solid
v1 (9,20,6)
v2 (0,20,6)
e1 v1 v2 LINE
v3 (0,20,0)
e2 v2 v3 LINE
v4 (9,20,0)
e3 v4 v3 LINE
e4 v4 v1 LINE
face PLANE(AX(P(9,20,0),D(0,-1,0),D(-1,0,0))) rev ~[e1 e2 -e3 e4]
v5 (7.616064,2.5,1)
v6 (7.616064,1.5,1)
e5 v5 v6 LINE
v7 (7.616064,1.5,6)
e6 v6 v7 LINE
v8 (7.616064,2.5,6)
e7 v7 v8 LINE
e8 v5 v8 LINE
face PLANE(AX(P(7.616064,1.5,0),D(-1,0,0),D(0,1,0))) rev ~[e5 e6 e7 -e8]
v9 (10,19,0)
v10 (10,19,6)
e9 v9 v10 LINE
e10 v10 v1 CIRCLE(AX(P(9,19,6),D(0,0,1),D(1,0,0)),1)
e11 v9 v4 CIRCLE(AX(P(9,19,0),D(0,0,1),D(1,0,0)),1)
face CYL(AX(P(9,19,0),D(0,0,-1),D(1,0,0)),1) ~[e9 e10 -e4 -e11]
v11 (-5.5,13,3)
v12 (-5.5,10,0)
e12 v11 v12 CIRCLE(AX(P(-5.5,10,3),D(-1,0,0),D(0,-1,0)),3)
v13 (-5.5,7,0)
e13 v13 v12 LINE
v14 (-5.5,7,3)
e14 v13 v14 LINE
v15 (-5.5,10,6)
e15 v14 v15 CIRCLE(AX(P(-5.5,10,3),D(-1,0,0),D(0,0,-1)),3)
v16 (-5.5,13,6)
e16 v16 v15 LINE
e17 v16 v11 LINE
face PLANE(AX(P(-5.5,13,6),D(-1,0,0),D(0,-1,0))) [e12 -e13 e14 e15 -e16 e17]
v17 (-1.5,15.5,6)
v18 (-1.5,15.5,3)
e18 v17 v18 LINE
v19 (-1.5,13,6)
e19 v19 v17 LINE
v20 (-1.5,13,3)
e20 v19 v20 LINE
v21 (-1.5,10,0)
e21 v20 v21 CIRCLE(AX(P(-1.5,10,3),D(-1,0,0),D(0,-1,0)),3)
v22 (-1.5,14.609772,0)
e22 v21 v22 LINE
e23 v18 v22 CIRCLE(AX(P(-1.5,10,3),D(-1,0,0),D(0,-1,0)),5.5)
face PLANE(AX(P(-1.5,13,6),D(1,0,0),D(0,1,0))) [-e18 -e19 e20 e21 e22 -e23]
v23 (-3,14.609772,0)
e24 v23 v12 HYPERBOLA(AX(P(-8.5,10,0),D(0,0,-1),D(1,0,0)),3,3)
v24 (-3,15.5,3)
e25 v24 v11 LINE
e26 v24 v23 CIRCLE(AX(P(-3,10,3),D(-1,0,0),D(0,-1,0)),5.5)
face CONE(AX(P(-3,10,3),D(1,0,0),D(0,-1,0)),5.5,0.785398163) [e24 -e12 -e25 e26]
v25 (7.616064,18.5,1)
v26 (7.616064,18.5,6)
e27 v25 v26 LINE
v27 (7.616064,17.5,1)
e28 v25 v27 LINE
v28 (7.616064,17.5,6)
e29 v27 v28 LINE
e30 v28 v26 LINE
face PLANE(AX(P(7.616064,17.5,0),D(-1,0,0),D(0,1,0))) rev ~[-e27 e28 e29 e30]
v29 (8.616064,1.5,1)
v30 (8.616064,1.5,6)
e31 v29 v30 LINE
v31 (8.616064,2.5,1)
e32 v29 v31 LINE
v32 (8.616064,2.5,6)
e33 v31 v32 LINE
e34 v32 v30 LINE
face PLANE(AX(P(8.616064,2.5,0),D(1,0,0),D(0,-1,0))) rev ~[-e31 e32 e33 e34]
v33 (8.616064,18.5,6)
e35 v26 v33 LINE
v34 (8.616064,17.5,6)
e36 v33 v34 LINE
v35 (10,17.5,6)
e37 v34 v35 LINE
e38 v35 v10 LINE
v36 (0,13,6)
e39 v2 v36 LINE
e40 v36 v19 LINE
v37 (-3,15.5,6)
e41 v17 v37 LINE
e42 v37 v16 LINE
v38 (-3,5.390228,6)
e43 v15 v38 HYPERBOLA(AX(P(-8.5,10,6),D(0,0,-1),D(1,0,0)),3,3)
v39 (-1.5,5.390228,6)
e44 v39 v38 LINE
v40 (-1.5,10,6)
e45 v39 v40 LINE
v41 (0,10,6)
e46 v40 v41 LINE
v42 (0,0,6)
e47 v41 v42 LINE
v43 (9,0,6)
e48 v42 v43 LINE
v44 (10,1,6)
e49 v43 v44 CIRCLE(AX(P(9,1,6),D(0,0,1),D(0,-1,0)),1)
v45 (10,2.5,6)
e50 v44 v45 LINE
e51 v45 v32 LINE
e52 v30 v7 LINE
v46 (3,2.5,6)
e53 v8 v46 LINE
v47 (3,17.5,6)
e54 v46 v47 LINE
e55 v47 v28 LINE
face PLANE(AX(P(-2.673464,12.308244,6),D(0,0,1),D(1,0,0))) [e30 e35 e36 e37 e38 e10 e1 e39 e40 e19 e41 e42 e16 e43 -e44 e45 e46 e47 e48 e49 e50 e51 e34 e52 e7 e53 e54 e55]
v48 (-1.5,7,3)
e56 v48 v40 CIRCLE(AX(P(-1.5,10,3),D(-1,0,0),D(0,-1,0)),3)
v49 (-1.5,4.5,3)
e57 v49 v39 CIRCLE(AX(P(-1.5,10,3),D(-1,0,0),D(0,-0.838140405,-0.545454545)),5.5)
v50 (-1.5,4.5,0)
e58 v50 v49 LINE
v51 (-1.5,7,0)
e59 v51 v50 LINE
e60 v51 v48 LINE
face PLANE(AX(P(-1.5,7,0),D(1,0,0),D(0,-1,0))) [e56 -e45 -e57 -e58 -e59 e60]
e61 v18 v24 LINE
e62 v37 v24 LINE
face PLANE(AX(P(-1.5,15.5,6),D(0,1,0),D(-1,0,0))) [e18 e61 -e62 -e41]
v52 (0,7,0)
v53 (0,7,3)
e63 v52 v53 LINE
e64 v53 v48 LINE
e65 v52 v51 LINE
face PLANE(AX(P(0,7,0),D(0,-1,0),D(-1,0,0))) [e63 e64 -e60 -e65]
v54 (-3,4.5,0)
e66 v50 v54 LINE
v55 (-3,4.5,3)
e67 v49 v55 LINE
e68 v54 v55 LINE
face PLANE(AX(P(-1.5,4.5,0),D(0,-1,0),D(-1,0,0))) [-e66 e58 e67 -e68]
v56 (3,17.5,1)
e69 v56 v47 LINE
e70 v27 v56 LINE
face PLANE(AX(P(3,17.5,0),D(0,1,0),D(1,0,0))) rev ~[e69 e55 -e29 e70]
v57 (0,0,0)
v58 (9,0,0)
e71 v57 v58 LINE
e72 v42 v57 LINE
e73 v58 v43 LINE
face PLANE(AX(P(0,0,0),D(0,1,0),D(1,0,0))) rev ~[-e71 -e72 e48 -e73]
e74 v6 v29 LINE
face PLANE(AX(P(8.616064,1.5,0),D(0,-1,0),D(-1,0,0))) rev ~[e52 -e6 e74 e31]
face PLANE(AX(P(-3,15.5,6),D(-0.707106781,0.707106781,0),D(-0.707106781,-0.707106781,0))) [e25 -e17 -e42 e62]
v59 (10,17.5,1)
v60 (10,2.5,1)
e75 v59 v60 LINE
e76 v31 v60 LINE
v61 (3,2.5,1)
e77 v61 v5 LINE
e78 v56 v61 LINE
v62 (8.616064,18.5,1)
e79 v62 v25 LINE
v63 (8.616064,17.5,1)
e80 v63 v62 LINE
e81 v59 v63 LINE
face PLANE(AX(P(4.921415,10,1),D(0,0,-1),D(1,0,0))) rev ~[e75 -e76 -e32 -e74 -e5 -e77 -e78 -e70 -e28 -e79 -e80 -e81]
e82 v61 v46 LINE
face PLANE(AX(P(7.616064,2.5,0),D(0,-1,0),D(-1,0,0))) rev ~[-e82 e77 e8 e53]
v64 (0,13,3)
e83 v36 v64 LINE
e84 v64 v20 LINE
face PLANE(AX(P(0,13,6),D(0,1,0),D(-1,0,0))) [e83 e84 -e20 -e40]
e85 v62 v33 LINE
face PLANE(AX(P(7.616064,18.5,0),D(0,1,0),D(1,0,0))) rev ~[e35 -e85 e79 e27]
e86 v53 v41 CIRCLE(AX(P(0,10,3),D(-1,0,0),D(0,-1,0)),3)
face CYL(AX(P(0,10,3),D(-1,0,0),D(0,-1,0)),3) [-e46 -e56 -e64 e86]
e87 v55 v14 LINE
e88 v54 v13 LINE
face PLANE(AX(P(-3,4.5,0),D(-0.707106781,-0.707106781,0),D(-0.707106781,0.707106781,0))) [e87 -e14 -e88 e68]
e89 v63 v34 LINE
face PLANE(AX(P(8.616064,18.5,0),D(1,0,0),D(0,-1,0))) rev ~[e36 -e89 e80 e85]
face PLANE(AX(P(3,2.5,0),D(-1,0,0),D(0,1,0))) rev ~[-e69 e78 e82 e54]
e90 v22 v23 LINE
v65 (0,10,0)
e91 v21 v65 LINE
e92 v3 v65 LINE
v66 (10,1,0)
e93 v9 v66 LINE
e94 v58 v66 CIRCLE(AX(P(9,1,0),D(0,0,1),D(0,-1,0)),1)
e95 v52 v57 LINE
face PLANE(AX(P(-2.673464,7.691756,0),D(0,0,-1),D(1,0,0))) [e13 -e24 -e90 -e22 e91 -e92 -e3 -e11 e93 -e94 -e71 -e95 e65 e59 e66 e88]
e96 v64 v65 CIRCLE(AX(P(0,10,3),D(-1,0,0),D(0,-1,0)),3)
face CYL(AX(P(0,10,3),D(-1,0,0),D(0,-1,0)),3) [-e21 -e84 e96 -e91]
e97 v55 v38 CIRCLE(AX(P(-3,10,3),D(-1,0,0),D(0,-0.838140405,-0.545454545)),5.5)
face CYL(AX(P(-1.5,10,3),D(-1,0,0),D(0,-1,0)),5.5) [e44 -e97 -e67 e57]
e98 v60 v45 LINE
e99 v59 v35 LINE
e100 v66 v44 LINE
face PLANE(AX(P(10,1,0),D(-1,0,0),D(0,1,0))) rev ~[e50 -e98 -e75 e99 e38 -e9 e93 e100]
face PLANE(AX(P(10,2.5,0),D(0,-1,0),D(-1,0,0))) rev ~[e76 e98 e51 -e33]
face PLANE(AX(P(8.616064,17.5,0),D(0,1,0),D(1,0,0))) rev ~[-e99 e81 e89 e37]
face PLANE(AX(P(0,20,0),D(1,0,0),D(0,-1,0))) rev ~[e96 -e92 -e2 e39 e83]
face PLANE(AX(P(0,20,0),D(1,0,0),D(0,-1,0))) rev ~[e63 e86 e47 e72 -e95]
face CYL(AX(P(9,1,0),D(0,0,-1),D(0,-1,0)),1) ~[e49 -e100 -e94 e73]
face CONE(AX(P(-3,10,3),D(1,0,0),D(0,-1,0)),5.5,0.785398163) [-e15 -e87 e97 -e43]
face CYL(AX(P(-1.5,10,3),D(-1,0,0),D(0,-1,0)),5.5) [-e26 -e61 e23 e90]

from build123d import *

# Parameters (mm, degrees)
F1_DEPTH  = 6
F3_DEPTH  = 1
F7_W      = 42.1100177336
F7_H      = 2.7686282992
F7_W_2    = 43.2923636399
F7_H_2    = 2.6041977108
F8_DEPTH  = 25
F10_DEPTH = 3
F12_DEPTH = 3


with BuildPart() as f1:
    # F0 (on Top) → F1 (new body)
    with BuildSketch(Plane.XY):
        with BuildLine():
            Line((0, 7), (0, 0))
            Line((0, 0), (9, 0))
            ThreePointArc((9, 0), (9.7071067812, 0.2928932188), (10, 1))
            Line((10, 1), (10, 2.5))
            Line((10, 2.5), (8.6160635799, 2.5))
            Line((8.6160635799, 2.5), (8.6160635799, 1.5))
            Line((8.6160635799, 1.5), (7.6160635799, 1.5))
            Line((7.6160635799, 1.5), (7.6160635799, 2.5))
            Line((7.6160635799, 2.5), (3, 2.5))
            Line((3, 2.5), (3, 17.5))
            Line((3, 17.5), (7.6160635799, 17.5))
            Line((7.6160635799, 17.5), (7.6160635799, 18.5))
            Line((7.6160635799, 18.5), (8.6160635799, 18.5))
            Line((8.6160635799, 18.5), (8.6160635799, 17.5))
            Line((8.6160635799, 17.5), (10, 17.5))
            Line((10, 17.5), (10, 19))
            ThreePointArc((10, 19), (9.7071067812, 19.7071067812), (9, 20))
            Line((9, 20), (0, 20))
            Line((0, 20), (0, 13))
            Line((0, 13), (0, 7))
        make_face()
    extrude(amount=F1_DEPTH)

    # F2 (on face) → F3 (join)
    with BuildSketch(Plane(origin=(0, 0, 0), x_dir=(1, 0, 0), z_dir=(0, 0, -1))):
        with BuildLine():
            Line((10, -19), (10, -1))
            ThreePointArc((10, -1), (9.7071067812, -0.2928932188), (9, 0))
            Line((9, 0), (0, 0))
            Line((0, 0), (0, -20))
            Line((0, -20), (9, -20))
            ThreePointArc((9, -20), (9.7071067812, -19.7071067812), (10, -19))
        make_face()
    extrude(amount=-F3_DEPTH)

    # F5 (on offset) → F6 (revolve)
    with BuildSketch(Plane(origin=(0, 0, 3), x_dir=(1, 0, 0), z_dir=(0, 0, -1))):
        Polygon((-5.5, -7), (-5.5, -10), (0, -10), (0, -7), (-1.5, -7), (-1.5, -4.5), (-3, -4.5), align=None)
    revolve(axis=Axis((-2.75, 10, 3), (-1, 0, 0)))

    # F7 (on face) → F8 (cut)
    with BuildSketch(Plane(origin=(-5.5, 0, 0), x_dir=(0, -1, 0), z_dir=(-1, 0, 0))):
        with Locations((-5.2348260069, -1.3843141496)):
            Rectangle(F7_W, F7_H)
        with Locations((-5.5655788165, 7.3020988554)):
            Rectangle(F7_W_2, F7_H_2)
    extrude(amount=-F8_DEPTH, mode=Mode.SUBTRACT)

    # F9 (on face) → F10 (join)
    with BuildSketch(Plane(origin=(0, 0, 0), x_dir=(1, 0, 0), z_dir=(0, 0, -1))):
        Polygon((-5.5, -7), (-5.5, -10), (0, -10), (0, -7), (-1.5, -7), (-1.5, -4.5), (-3, -4.5), align=None)
    extrude(amount=-F10_DEPTH)

    # F11 (on face) → F12 (join)
    with BuildSketch(Plane.XY.offset(6)):
        Polygon((-5.5, 13), (-5.5, 10), (0, 10), (0, 13), (-1.5, 13), (-1.5, 15.5), (-3, 15.5), align=None)
    extrude(amount=-F12_DEPTH)


solid = f1.part
